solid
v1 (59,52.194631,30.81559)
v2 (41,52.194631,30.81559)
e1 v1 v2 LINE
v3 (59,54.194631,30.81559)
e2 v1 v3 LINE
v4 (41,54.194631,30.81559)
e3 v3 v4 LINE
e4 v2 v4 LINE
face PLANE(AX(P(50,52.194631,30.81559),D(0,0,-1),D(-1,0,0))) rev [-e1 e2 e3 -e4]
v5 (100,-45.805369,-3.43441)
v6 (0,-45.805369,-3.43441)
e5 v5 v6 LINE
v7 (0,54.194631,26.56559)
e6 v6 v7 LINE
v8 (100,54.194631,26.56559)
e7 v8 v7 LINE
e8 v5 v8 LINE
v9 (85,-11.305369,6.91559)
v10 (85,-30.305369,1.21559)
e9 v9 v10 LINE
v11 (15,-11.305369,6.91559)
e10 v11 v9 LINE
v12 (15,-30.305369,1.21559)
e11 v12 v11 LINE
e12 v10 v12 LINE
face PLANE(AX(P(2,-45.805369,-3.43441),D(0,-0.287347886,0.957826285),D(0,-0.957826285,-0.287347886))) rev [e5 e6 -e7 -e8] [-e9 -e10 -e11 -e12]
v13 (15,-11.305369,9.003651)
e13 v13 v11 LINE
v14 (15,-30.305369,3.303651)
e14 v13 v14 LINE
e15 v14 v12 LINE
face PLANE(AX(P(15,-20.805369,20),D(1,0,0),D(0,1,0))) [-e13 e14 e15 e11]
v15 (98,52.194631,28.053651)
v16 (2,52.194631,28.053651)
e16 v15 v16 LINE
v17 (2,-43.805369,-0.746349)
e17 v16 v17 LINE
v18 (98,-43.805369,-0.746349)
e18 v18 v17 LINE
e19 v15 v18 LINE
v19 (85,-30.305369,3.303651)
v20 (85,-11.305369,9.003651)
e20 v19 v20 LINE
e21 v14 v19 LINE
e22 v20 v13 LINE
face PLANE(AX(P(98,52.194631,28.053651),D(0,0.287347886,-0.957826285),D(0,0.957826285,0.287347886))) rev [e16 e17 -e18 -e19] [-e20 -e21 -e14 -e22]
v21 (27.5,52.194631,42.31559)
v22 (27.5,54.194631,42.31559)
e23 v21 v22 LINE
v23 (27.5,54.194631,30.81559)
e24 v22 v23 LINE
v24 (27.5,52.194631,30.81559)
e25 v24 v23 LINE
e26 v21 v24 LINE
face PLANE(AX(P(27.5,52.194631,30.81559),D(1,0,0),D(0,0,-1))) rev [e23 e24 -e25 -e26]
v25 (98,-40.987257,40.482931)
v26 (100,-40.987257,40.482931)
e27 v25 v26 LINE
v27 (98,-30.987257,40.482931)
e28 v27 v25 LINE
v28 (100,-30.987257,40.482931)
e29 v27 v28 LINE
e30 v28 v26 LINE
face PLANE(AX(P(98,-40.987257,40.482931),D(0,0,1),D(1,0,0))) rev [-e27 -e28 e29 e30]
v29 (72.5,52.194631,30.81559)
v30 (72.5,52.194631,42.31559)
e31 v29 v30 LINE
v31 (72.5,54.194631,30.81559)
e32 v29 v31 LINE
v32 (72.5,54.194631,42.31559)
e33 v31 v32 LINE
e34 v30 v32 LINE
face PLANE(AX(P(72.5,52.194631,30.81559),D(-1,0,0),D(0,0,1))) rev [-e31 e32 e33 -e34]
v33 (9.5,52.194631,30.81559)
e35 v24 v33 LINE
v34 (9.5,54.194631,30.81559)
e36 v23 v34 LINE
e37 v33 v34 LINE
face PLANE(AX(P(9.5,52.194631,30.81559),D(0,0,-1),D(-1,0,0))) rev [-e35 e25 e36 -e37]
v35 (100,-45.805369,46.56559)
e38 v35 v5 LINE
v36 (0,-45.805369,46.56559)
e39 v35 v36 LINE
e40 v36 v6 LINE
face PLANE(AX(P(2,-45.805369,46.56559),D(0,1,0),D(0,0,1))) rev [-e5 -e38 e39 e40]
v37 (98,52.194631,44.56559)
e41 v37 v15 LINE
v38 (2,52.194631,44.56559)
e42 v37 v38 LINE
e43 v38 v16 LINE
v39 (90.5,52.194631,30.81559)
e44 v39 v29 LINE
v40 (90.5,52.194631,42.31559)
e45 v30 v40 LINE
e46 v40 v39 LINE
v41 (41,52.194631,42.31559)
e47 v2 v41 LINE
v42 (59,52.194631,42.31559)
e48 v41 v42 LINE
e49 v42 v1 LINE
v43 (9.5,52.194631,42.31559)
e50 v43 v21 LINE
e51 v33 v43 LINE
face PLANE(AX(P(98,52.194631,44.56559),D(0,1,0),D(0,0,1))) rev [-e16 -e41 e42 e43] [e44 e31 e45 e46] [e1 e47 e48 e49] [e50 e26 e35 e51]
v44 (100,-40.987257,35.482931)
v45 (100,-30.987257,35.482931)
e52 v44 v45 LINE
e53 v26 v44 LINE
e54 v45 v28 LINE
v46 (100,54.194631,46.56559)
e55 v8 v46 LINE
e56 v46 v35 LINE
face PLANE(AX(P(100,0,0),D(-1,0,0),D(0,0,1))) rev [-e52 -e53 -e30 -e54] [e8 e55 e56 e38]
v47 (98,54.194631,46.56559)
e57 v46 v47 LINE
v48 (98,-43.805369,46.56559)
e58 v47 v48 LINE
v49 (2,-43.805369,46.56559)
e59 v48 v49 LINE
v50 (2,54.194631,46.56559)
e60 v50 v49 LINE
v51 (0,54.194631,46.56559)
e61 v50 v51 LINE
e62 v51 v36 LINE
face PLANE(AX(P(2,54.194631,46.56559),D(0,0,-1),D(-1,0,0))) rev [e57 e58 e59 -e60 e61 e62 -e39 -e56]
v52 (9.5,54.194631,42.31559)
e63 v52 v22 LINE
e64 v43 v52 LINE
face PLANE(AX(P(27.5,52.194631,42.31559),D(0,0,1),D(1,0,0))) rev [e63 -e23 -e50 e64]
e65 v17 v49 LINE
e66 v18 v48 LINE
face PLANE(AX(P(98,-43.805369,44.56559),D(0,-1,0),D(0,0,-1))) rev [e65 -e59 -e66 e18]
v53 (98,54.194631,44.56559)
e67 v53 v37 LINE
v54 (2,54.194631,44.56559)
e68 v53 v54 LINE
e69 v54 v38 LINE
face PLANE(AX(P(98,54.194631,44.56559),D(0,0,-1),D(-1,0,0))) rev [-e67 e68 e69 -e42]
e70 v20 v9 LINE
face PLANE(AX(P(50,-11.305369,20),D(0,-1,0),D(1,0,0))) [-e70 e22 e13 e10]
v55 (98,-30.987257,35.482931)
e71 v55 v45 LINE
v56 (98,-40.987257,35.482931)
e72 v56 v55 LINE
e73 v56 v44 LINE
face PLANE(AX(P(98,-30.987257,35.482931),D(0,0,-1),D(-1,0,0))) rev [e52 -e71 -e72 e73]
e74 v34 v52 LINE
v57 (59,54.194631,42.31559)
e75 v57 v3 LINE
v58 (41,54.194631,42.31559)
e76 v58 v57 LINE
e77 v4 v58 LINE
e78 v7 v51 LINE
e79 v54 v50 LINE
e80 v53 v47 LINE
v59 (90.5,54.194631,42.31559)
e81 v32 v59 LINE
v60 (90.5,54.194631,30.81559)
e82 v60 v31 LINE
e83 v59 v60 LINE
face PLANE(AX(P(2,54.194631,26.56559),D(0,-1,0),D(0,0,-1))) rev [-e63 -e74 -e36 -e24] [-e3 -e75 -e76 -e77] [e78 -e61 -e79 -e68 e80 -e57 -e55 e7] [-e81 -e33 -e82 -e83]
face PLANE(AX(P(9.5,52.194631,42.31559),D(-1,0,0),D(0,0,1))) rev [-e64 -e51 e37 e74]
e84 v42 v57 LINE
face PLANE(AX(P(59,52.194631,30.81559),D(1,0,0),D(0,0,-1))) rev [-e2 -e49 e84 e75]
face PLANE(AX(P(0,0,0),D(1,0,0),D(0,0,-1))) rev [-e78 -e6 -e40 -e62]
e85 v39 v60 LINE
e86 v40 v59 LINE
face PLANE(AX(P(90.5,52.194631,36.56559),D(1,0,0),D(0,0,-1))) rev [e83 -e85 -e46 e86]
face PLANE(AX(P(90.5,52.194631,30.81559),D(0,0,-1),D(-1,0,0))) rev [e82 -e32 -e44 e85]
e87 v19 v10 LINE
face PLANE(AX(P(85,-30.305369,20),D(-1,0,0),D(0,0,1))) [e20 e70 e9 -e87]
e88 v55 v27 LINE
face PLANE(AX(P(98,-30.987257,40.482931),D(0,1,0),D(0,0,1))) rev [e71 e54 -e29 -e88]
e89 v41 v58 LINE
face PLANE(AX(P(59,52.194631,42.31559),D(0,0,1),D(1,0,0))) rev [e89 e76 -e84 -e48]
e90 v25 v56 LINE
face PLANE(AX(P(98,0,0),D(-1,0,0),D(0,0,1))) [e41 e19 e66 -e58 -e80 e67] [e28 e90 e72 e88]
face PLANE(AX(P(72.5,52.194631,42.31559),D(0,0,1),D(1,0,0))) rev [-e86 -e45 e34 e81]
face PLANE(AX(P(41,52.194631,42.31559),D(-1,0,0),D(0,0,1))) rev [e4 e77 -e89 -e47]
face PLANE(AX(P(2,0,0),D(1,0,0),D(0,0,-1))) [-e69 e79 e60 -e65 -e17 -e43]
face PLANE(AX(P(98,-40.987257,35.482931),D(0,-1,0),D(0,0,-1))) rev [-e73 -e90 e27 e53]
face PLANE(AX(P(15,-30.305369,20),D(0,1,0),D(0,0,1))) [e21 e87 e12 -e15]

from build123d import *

# Parameters (mm, degrees)
BOSS_EXTRUDE1_DEPTH     = 2
BOSS_EXTRUDE2_DEPTH     = 96
BOSS_EXTRUDE3_DEPTH     = 2
CUT_EXTRUDE1_DEPTH      = 2
CUT_EXTRUDE2_DEPTH      = 20
CUT_EXTRUDE2_DEPTH_BACK = 2
SKETCH6_W               = 5
SKETCH6_H               = 10
CUT_EXTRUDE3_DEPTH      = 2


with BuildPart() as part:
    # Sketch1 → Boss-Extrude1 (new body)
    with BuildSketch(Plane(origin=(0, 0, 0), x_dir=(0, 0, -1), z_dir=(1, 0, 0))):
        Polygon((-46.565590075, -45.805369128), (3.434409925, -45.805369128), (-26.565590075, 54.194630872), (-46.565590075, 54.194630872), align=None)
    extrude(amount=BOSS_EXTRUDE1_DEPTH)

    # Sketch2 → Boss-Extrude2 (add)
    with BuildSketch(Plane(origin=(2, 0, 0), x_dir=(0, 0, -1), z_dir=(1, 0, 0))):
        Polygon((-26.565590075, 54.194630872), (3.434409925, -45.805369128), (-44.565590075, -45.805369128), (-46.565590075, -45.805369128), (-46.565590075, -43.805369128), (-44.565590075, -43.805369128), (0.746348624, -43.805369128), (-28.053651376, 52.194630872), (-44.565590075, 52.194630872), (-44.565590075, 54.194630872), align=None)
    extrude(amount=BOSS_EXTRUDE2_DEPTH)

    # Sketch3 → Boss-Extrude3 (add)
    with BuildSketch(Plane(origin=(98, 0, 0), x_dir=(0, 0, -1), z_dir=(1, 0, 0))):
        Polygon((-46.565590075, 54.194630872), (-26.565590075, 54.194630872), (3.434409925, -45.805369128), (-46.565590075, -45.805369128), align=None)
    extrude(amount=BOSS_EXTRUDE3_DEPTH)

    # Sketch4 → Cut-Extrude1 (cut)
    with BuildSketch(Plane(origin=(0, 54.194630872, 0), x_dir=(1, 0, 0), z_dir=(0, 1, 0))):
        Polygon((50, -30.815590075), (59, -30.815590075), (59, -36.565590075), (59, -42.315590075), (41, -42.315590075), (41, -30.815590075), align=None)
        Polygon((72.5, -30.815590075), (72.5, -42.315590075), (90.5, -42.315590075), (90.5, -36.565590075), (90.5, -30.815590075), align=None)
        Polygon((27.5, -30.815590075), (27.5, -42.315590075), (9.5, -42.315590075), (9.5, -36.565590075), (9.5, -30.815590075), align=None)
    extrude(amount=-CUT_EXTRUDE1_DEPTH, mode=Mode.SUBTRACT)

    # Sketch5 → Cut-Extrude2 (cut, two sides: drawn at the far end of the back side and taken through both)
    with BuildSketch(Plane.XY.offset(-CUT_EXTRUDE2_DEPTH_BACK)):
        Polygon((85, -11.305369128), (50, -11.305369128), (15, -11.305369128), (15, -20.805369128), (15, -30.305369128), (85, -30.305369128), align=None)
    extrude(amount=CUT_EXTRUDE2_DEPTH + CUT_EXTRUDE2_DEPTH_BACK, mode=Mode.SUBTRACT)

    # Sketch6 → Cut-Extrude3 (cut)
    with BuildSketch(Plane(origin=(100, 0, 0), x_dir=(0, 0, -1), z_dir=(1, 0, 0))):
        with Locations((-37.982930648, -35.987256773)):
            Rectangle(SKETCH6_W, SKETCH6_H)
    extrude(amount=-CUT_EXTRUDE3_DEPTH, mode=Mode.SUBTRACT)


solid = part.part
